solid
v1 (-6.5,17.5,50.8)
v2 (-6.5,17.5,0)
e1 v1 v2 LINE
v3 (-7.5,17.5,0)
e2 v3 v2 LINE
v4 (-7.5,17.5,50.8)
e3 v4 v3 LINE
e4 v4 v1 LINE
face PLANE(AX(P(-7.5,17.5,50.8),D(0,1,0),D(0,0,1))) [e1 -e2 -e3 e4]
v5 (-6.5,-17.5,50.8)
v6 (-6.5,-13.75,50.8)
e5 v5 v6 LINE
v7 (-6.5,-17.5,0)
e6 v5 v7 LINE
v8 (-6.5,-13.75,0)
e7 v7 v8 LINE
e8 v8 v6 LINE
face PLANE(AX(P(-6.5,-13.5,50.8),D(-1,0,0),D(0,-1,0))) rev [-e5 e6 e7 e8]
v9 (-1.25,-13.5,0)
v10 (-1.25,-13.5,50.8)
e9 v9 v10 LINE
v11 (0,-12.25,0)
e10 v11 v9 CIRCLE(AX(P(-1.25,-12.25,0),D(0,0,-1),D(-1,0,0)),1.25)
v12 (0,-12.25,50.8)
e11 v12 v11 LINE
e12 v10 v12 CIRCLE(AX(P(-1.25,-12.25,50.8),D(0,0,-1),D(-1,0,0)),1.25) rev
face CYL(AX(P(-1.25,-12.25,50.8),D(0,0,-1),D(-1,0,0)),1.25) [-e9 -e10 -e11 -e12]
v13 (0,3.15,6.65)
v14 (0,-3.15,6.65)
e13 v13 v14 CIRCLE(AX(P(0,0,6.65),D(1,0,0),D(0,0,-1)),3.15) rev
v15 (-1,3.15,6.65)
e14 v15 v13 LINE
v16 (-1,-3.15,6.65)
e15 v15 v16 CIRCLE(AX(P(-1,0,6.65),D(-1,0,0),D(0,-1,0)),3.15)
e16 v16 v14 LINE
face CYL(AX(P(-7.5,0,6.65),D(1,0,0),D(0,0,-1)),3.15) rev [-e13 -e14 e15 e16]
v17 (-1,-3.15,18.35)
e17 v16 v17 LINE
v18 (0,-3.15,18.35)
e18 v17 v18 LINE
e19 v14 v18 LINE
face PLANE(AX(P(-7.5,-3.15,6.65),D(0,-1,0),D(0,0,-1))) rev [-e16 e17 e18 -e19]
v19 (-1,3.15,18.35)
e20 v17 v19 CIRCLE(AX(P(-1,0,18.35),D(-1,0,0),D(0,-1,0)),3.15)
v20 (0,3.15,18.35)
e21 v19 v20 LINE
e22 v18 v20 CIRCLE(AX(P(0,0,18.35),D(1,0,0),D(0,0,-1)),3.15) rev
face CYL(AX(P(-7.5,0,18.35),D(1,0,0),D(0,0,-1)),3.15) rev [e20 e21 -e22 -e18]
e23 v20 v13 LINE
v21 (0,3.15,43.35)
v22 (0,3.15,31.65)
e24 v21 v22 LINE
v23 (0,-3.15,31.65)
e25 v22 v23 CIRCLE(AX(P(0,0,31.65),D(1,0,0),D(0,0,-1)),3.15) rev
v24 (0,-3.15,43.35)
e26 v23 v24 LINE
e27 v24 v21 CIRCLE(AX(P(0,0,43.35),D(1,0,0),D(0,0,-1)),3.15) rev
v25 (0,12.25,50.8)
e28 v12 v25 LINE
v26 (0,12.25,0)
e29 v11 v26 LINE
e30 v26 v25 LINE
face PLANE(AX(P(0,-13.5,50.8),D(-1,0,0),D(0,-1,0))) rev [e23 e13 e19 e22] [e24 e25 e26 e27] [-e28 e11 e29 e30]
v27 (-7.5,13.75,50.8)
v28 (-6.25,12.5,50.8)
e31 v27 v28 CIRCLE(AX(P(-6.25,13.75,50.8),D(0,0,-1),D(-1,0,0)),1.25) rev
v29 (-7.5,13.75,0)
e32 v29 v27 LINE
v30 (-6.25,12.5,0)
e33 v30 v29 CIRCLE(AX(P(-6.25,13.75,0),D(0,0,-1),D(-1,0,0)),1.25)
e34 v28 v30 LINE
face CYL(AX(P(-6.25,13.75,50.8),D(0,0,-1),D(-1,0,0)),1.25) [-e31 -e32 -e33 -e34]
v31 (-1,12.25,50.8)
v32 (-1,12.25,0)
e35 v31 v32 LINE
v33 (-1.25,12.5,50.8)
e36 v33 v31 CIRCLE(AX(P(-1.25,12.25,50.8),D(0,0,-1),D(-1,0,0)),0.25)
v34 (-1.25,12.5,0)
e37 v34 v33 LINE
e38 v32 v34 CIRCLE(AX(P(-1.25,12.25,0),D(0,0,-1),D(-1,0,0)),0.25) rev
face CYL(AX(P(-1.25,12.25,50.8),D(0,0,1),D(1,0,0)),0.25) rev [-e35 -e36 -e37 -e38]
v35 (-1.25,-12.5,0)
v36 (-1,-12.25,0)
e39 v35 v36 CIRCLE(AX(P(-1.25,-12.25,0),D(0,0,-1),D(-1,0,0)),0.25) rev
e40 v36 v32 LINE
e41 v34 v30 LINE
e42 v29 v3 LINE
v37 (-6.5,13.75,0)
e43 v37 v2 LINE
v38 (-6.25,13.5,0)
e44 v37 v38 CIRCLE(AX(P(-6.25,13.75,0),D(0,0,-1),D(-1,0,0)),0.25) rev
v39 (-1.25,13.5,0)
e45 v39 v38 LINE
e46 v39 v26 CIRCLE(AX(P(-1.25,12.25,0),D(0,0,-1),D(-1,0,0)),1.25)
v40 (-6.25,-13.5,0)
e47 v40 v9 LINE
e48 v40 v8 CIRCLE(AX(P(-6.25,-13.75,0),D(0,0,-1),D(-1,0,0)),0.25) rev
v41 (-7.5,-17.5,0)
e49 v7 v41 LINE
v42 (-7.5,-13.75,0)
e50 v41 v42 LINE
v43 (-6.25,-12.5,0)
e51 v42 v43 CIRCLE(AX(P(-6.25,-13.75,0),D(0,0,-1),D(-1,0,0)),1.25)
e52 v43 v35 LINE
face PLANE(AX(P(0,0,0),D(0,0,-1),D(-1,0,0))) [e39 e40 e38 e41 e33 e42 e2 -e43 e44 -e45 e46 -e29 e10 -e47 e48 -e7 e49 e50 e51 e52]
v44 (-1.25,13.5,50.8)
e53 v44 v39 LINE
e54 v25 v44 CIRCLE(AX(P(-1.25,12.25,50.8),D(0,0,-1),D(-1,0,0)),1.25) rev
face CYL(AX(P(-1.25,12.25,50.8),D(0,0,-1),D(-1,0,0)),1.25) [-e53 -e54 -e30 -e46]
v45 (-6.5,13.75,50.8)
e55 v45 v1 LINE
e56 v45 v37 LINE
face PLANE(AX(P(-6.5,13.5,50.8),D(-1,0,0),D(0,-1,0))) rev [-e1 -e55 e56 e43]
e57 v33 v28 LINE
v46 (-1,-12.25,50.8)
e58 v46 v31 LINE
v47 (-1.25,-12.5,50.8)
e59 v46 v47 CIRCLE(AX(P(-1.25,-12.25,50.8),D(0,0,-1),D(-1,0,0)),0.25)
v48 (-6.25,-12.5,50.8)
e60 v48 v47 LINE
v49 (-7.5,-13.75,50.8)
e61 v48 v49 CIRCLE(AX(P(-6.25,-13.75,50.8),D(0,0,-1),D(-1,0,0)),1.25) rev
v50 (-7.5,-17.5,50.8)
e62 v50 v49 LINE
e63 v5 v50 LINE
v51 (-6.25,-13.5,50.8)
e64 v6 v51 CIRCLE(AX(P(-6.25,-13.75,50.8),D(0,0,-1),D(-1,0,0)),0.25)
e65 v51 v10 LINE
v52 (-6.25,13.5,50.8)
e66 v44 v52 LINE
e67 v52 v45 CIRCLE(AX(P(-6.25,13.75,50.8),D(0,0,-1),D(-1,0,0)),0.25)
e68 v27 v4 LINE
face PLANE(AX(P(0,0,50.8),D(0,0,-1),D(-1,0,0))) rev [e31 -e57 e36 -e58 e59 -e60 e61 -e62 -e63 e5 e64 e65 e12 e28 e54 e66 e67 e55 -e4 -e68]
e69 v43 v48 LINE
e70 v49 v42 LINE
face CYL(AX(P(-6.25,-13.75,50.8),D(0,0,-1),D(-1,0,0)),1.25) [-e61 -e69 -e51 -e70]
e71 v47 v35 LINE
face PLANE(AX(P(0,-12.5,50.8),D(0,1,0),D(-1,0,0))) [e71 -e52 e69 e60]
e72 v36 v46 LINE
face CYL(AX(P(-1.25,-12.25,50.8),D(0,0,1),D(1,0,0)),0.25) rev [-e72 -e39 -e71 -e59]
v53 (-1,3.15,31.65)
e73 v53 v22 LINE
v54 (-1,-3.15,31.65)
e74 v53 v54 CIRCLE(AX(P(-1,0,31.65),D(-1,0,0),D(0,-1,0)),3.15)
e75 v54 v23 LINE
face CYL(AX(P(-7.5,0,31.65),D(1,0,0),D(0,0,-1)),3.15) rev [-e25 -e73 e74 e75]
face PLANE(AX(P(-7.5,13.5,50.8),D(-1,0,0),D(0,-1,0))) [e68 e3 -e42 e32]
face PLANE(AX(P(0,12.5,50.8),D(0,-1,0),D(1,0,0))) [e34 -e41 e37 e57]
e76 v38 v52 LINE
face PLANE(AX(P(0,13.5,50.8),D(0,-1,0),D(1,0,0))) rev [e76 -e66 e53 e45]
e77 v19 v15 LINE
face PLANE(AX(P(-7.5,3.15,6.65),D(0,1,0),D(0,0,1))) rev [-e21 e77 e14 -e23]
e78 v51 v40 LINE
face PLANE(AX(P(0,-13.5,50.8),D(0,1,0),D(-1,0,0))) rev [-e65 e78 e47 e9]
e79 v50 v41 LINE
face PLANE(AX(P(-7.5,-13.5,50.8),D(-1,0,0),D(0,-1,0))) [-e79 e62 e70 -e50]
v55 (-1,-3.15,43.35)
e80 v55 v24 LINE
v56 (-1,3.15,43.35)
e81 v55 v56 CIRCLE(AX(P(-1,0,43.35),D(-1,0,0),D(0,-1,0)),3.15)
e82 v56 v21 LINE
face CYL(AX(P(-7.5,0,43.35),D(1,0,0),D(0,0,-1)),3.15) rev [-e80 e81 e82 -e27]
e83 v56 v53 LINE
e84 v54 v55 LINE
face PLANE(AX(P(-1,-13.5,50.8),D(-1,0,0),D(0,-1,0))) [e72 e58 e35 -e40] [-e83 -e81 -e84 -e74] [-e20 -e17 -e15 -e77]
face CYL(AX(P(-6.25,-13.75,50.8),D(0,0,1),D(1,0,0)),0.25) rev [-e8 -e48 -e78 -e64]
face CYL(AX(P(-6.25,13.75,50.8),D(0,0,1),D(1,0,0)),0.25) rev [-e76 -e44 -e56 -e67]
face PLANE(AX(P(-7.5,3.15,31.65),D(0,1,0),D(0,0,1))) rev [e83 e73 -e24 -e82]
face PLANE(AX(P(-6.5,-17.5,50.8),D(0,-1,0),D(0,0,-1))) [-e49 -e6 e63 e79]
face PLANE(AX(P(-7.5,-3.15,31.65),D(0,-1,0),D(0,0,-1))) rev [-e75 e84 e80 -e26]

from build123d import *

# Parameters (mm, degrees)
EXTRUDE_THIN1_DEPTH = 50.8
CUT_EXTRUDE1_DEPTH  = 55.250714281
LPATTERN1_COUNT     = 2
LPATTERN1_PITCH     = 25
FILLET1_R           = 0.25
FILLET2_R           = 1.25


with BuildPart() as part:
    # Sketch3 → Extrude-Thin1 (new body)
    with BuildSketch(Plane.XY):
        Polygon((-6.5, 17.5), (-6.5, 13.5), (0, 13.5), (0, -13.5), (-6.5, -13.5), (-6.5, -17.5), (-7.5, -17.5), (-7.5, -12.5), (-1, -12.5), (-1, 12.5), (-7.5, 12.5), (-7.5, 17.5), align=None)
    extrude(amount=EXTRUDE_THIN1_DEPTH)

    # Sketch4 → Cut-Extrude1 (cut, symmetric)
    with BuildSketch(Plane(origin=(0, 0, 0), x_dir=(0, 0, -1), z_dir=(1, 0, 0))):
        with BuildLine():
            Line((-6.65, -3.15), (-18.35, -3.15))
            ThreePointArc((-18.35, -3.15), (-21.5, 0), (-18.35, 3.15))
            Line((-18.35, 3.15), (-6.65, 3.15))
            ThreePointArc((-6.65, 3.15), (-3.5, 0), (-6.65, -3.15))
        make_face()
    cut_extrude1 = extrude(amount=CUT_EXTRUDE1_DEPTH, both=True, mode=Mode.SUBTRACT)

    # LPattern1: Cut-Extrude1 ×2
    with Locations(*[(0, 0, i * LPATTERN1_PITCH) for i in range(1, LPATTERN1_COUNT)]):
        add(cut_extrude1, mode=Mode.SUBTRACT)

    # Fillet1
    fillet1_edges = [part.edges().sort_by_distance(p)[0] for p in [
        (-6.5, 13.5, 25.4),
        (-6.5, -13.5, 25.4),
        (-1, -12.5, 25.4),
        (-1, 12.5, 25.4),
    ]]
    fillet(fillet1_edges, radius=FILLET1_R)

    # Fillet2
    fillet2_edges = [part.edges().sort_by_distance(p)[0] for p in [
        (0, 13.5, 25.4),
        (0, -13.5, 25.4),
        (-7.5, -12.5, 25.4),
        (-7.5, 12.5, 25.4),
    ]]
    fillet(fillet2_edges, radius=FILLET2_R)


solid = part.part
